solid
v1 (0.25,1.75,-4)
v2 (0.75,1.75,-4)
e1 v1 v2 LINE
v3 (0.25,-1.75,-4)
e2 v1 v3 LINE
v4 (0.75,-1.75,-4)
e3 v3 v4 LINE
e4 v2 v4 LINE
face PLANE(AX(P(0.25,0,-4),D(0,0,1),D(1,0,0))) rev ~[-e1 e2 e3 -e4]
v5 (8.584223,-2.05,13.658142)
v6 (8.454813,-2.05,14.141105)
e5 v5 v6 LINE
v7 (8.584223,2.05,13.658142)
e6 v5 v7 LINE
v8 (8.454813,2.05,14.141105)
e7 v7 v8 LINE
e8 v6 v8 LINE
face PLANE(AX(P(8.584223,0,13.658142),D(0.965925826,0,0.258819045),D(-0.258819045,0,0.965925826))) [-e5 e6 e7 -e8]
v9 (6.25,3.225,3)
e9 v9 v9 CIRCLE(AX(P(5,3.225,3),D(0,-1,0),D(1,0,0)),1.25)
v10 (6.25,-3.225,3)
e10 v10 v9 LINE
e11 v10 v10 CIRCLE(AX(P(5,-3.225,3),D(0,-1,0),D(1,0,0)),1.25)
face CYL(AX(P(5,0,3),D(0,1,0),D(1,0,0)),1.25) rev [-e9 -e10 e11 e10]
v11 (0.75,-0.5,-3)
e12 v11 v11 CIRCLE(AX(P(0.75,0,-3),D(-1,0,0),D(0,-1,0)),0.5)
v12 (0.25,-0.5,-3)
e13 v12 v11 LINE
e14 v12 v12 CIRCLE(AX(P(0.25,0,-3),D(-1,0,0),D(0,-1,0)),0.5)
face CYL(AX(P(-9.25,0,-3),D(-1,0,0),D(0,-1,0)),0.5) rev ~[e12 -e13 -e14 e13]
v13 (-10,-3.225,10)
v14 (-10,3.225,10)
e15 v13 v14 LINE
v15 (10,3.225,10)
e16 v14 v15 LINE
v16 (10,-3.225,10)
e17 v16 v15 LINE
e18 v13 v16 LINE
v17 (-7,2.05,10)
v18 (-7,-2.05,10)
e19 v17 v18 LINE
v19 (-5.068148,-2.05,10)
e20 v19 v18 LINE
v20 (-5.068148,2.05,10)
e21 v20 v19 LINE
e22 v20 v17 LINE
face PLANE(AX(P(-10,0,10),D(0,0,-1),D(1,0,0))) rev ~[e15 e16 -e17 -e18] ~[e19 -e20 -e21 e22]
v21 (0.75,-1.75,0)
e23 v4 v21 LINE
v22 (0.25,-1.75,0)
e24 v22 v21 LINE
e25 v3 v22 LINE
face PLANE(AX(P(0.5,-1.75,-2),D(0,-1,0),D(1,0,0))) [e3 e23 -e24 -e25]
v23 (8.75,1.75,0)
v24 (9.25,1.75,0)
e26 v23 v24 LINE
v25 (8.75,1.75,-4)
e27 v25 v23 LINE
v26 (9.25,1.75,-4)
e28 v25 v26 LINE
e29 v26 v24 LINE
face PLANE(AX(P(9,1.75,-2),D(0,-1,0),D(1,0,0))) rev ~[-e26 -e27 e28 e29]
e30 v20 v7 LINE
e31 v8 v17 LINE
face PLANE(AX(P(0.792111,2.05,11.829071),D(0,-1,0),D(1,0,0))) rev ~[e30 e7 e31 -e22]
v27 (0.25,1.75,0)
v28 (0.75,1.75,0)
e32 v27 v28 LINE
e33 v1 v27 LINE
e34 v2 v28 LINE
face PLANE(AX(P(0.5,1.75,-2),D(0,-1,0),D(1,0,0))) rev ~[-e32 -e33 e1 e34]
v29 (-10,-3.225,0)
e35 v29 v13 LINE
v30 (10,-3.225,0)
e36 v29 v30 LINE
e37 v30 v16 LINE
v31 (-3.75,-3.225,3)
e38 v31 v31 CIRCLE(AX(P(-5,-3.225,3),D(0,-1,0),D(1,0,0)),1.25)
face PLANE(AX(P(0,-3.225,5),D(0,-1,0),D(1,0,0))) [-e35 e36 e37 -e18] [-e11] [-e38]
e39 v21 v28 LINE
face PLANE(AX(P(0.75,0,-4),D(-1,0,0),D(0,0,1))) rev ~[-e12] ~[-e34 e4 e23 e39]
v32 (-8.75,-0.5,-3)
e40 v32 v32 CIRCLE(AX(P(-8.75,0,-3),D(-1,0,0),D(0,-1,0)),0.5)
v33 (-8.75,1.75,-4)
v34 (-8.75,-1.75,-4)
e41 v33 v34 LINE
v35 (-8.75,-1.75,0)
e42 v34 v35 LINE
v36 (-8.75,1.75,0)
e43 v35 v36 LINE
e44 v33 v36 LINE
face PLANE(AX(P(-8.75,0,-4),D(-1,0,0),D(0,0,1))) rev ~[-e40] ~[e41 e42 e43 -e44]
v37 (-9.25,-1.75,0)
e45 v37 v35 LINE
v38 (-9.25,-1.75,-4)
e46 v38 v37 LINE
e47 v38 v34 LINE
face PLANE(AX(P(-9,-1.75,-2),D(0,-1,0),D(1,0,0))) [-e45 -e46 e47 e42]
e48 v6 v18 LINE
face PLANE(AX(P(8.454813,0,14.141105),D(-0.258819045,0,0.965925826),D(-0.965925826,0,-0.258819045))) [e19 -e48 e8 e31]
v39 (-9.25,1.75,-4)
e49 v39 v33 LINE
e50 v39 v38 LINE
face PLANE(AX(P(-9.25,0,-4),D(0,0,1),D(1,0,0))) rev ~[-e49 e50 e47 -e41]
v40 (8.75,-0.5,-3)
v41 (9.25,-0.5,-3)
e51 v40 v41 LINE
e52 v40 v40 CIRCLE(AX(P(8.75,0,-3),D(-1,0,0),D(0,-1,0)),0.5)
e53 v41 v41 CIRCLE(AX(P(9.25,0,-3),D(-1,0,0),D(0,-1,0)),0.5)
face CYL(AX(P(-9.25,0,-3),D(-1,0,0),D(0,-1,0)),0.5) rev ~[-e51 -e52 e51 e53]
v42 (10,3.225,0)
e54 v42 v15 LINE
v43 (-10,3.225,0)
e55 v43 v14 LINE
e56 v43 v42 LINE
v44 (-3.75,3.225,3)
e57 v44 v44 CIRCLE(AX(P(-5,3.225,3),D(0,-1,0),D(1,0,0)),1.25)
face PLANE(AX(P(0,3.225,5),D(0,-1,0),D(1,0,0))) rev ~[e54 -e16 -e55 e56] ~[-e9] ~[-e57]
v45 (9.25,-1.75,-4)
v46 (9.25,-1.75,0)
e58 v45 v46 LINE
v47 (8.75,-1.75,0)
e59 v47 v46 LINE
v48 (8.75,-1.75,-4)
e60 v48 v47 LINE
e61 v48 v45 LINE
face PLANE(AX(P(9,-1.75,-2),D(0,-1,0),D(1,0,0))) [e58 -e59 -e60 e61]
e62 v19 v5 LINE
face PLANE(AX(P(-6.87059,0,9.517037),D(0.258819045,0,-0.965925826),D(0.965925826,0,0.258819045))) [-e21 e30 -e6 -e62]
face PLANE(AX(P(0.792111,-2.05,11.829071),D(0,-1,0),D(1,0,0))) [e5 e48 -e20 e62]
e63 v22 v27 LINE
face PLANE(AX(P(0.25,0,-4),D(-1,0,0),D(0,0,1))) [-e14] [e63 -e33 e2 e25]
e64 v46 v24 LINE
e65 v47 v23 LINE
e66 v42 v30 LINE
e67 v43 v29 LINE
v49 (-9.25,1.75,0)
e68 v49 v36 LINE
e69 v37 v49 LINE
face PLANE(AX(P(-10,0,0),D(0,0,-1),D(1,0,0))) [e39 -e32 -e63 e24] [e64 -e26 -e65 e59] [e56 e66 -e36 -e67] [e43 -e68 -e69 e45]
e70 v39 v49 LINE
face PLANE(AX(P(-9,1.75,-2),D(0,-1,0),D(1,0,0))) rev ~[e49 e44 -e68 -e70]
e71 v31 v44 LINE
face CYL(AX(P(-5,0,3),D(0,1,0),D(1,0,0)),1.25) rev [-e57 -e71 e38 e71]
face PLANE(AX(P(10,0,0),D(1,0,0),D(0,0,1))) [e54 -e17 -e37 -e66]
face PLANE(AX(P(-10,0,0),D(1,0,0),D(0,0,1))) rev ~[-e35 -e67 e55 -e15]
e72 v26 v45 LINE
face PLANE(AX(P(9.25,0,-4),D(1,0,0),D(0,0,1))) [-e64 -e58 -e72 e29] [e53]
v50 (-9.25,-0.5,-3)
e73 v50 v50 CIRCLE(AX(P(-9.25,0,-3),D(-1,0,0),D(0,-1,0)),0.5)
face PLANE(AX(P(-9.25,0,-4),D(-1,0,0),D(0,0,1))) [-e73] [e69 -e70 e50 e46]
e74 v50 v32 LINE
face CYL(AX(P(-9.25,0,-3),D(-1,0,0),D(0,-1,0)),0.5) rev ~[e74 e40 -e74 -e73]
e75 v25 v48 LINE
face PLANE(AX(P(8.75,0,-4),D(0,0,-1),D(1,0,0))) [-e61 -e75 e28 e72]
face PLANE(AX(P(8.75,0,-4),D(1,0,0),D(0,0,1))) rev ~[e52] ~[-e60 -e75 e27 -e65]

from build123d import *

# Parameters (mm, degrees)
F0_W     = 20
F0_H     = 10
F0_R     = 1.25
F1_DEPTH = 3.225
F3_DEPTH = 2.05
F4_W     = 0.5
F4_H     = 4
F5_DEPTH = 1.75
F6_R     = 0.5
F7_DEPTH = 19.251


with BuildPart() as f1:
    # F0 (on Front) → F1 (new body, symmetric)
    with BuildSketch(Plane.XZ):
        with Locations((0, 5)):
            Rectangle(F0_W, F0_H)
        with Locations((-5, 3)):
            Circle(F0_R, mode=Mode.SUBTRACT)
        with Locations((5, 3)):
            Circle(F0_R, mode=Mode.SUBTRACT)
    extrude(amount=F1_DEPTH, both=True)

    # F2 (on Front) → F3 (join, symmetric)
    with BuildSketch(Plane.XZ):
        Polygon((8.4548132206, 14.1411047216), (-7, 10), (-6.8705904774, 9.5170370869), (8.5842227432, 13.6581418085), align=None)
    extrude(amount=F3_DEPTH, both=True)

    # F4 (on Front) → F5 (join, symmetric)
    with BuildSketch(Plane.XZ):
        with Locations((-9, -2)):
            Rectangle(F4_W, F4_H)
        with Locations((0.5, -2)):
            Rectangle(F4_W, F4_H)
        with Locations((9, -2)):
            Rectangle(F4_W, F4_H)
    extrude(amount=F5_DEPTH, both=True)

    # F6 (on face) → F7 (cut, through all)
    with BuildSketch(Plane(origin=(-9.25, 0, 0), x_dir=(0, -1, 0), z_dir=(-1, 0, 0))):
        with Locations((0, -3)):
            Circle(F6_R)
    extrude(amount=-F7_DEPTH, mode=Mode.SUBTRACT)


solid = f1.part
